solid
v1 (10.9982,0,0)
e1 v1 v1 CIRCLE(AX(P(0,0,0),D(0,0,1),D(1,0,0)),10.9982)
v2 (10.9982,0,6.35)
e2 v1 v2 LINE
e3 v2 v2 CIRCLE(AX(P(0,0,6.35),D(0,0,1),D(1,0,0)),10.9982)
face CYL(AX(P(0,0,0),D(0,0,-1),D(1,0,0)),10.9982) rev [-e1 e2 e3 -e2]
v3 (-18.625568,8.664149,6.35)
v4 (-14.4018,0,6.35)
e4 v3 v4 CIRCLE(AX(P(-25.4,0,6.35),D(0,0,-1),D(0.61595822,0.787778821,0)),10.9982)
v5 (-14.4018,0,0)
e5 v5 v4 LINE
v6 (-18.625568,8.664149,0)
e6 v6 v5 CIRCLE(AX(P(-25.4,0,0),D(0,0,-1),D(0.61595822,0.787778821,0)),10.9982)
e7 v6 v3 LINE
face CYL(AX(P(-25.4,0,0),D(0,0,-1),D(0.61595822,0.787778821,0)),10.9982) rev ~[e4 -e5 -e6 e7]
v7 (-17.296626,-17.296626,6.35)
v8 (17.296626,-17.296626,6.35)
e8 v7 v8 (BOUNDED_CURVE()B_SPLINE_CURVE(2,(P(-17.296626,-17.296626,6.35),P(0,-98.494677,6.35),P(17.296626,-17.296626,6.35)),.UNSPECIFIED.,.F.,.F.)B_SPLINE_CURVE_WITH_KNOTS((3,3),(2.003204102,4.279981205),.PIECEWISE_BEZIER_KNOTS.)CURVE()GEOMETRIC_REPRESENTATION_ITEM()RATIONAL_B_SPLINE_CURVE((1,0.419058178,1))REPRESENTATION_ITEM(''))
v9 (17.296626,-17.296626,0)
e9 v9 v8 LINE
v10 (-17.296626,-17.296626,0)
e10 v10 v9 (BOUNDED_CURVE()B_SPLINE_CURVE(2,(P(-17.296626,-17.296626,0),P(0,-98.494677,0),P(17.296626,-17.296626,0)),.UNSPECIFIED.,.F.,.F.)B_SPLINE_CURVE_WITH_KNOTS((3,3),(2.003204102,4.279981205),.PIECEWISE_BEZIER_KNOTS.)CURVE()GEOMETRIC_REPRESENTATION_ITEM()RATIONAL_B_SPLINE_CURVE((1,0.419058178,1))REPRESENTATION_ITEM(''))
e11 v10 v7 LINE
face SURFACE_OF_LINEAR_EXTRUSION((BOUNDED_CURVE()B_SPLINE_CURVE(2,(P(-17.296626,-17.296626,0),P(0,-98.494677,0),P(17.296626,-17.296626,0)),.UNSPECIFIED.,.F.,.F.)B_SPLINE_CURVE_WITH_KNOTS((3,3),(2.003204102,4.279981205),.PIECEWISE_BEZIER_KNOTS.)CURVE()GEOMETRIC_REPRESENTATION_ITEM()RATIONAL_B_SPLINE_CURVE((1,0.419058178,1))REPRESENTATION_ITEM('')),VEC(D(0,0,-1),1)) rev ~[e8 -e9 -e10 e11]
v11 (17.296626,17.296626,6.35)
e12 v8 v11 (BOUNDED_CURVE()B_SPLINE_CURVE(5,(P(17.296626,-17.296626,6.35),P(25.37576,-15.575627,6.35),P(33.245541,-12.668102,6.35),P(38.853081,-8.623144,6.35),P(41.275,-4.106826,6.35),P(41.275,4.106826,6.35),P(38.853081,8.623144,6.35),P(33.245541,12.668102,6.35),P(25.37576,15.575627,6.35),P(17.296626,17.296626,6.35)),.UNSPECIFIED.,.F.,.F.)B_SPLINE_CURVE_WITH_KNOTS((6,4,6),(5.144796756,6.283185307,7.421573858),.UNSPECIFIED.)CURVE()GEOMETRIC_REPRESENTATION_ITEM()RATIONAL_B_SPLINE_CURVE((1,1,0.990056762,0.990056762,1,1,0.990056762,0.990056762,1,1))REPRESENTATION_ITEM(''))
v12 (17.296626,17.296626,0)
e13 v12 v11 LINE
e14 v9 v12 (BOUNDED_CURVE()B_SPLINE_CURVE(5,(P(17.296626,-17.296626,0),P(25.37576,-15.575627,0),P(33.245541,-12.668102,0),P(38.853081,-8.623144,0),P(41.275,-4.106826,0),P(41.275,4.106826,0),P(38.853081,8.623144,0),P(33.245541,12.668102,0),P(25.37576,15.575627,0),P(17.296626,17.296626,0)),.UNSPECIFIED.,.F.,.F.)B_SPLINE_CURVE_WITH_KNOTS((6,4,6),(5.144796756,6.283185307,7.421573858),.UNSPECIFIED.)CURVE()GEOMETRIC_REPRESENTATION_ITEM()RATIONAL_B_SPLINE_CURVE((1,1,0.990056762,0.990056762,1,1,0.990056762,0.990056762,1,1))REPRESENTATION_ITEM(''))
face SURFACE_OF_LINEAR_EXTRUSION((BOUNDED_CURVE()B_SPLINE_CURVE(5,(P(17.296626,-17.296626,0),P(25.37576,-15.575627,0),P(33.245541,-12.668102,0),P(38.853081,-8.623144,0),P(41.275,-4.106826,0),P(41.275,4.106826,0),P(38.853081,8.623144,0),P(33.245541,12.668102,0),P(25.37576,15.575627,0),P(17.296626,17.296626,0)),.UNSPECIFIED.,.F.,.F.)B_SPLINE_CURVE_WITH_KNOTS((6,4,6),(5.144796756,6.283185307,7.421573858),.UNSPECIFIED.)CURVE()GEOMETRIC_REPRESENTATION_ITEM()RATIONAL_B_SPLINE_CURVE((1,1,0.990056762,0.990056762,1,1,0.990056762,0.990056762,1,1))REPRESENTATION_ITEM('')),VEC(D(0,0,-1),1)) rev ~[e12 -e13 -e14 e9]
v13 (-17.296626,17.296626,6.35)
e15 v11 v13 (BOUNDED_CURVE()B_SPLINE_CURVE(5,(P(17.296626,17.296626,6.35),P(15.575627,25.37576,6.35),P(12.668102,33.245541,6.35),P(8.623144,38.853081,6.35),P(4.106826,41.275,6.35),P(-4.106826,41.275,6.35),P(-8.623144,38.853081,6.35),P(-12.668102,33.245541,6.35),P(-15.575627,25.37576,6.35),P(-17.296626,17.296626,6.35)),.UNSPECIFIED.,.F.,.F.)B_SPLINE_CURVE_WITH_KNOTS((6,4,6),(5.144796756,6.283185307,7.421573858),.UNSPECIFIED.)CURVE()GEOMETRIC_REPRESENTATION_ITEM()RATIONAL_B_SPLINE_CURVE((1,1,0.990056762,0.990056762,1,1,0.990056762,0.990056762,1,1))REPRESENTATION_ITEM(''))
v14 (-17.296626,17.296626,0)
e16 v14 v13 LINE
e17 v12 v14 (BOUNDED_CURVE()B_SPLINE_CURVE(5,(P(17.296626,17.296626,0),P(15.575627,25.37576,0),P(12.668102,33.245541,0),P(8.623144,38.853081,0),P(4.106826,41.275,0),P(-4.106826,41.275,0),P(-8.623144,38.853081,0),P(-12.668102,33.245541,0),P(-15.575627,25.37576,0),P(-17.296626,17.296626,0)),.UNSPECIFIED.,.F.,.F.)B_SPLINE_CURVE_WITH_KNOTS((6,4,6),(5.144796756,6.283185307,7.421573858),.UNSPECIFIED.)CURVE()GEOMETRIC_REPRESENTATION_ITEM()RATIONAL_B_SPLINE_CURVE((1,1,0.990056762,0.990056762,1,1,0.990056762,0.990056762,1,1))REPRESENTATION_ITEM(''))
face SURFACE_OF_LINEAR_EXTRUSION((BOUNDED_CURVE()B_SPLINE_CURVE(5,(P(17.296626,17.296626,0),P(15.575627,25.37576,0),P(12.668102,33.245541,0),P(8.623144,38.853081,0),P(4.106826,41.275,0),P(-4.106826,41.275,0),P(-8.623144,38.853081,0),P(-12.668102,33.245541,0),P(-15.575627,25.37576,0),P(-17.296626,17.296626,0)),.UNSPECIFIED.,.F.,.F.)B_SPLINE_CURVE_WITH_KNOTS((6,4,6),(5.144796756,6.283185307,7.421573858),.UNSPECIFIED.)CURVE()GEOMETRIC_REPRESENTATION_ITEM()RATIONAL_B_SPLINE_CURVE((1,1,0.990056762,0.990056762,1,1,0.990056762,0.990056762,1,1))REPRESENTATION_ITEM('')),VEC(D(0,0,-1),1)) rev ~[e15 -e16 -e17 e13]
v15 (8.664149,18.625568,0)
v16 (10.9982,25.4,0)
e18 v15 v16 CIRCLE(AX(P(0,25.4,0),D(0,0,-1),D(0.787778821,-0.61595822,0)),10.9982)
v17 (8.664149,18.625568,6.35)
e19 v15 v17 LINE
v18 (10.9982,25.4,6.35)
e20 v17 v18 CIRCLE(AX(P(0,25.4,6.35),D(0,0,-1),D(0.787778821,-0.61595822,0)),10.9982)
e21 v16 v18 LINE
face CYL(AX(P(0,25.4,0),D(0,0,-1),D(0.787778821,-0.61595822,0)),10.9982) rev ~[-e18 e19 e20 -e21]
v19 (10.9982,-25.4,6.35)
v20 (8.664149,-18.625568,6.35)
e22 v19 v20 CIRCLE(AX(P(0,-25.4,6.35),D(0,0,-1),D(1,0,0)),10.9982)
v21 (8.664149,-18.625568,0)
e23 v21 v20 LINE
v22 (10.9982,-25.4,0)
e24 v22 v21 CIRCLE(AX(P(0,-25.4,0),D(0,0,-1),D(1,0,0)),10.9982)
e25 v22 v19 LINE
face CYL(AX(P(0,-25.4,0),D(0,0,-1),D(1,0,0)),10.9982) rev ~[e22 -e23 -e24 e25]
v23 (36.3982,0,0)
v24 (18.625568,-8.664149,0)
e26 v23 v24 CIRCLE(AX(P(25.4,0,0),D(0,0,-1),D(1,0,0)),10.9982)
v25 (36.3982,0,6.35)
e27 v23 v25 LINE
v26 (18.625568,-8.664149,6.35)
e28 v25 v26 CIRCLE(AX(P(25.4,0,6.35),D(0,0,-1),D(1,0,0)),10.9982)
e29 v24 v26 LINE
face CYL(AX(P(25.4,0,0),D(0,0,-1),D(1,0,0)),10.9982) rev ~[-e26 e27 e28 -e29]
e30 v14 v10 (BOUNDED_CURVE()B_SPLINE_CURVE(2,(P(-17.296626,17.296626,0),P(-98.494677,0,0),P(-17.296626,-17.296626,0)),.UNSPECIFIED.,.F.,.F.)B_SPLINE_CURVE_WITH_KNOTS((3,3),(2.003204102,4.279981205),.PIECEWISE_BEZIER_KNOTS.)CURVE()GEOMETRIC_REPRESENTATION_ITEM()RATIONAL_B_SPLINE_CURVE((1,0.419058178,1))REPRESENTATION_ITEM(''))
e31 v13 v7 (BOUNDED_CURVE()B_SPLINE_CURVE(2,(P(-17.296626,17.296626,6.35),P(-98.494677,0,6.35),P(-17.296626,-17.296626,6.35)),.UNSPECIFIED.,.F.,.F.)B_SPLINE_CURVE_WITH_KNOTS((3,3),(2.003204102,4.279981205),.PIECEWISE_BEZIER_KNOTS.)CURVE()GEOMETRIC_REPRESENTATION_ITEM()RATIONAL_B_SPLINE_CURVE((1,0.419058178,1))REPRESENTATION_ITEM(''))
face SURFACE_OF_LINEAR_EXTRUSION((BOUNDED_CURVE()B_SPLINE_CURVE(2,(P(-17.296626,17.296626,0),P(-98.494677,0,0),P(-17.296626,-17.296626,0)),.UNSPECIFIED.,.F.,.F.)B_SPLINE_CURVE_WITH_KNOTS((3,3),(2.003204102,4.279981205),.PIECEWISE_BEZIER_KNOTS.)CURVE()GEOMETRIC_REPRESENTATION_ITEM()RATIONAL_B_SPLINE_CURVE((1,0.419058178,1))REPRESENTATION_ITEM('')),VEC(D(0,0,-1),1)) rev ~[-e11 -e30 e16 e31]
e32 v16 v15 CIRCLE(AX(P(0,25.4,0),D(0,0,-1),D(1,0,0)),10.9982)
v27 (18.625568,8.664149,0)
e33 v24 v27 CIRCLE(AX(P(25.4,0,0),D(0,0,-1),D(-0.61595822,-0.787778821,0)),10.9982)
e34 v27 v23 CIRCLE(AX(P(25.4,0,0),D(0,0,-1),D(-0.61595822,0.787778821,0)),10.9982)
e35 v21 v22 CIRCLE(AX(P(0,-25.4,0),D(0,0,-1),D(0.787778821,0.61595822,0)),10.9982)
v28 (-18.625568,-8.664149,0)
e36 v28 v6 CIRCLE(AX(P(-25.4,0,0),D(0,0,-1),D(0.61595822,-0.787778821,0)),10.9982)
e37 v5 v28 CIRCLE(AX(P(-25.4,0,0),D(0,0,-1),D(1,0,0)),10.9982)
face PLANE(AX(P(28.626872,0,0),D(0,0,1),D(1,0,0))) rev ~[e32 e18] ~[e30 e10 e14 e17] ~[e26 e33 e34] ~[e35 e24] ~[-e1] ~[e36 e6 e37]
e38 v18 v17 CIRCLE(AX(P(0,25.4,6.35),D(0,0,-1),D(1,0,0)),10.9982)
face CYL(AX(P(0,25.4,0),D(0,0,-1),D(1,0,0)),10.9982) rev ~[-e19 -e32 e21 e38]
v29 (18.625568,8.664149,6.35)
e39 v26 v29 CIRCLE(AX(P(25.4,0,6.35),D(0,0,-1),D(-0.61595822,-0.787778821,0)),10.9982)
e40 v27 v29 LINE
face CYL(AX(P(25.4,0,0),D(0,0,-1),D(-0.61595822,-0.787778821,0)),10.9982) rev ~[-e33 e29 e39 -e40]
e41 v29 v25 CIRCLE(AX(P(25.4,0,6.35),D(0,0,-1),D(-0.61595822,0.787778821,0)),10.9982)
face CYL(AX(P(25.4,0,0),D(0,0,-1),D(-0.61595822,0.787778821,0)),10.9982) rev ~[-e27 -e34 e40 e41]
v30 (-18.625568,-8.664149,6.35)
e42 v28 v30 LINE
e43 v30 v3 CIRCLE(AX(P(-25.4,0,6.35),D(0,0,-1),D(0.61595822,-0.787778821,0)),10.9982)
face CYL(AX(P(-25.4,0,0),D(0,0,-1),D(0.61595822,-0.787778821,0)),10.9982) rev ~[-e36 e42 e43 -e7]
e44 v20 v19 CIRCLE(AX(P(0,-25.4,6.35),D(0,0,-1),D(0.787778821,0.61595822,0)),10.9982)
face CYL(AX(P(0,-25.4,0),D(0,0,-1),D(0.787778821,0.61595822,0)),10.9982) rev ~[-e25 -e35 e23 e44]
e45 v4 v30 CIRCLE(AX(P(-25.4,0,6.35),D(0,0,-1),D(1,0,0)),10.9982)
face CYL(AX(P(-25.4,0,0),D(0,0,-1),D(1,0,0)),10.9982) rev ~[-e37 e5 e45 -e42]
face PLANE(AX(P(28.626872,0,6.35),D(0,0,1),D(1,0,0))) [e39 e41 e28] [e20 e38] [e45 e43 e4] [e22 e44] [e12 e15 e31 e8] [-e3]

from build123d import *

# Parameters (mm, degrees)
F0_R     = 10.9982
F1_DEPTH = 25.4
F2_DEPTH = 19.05


with BuildPart() as f1:
    # F0 (on Top) → F1 (new body)
    with BuildSketch(Plane.XY):
        with BuildLine():
            add(Edge.make_bspline(
                [(17.2966262747, -17.2966262747), (41.275, -12.1888070196), (41.275, 0)],
                knots=[5.144796756, 5.144796756, 5.144796756, 6.2831853072, 6.2831853072, 6.2831853072], degree=2, weights=[1, 0.8423354965, 1]))
            add(Edge.make_bspline(
                [(41.275, 0), (41.275, 12.1888070196), (17.2966262747, 17.2966262747)],
                knots=[0, 0, 0, 1.1383885512, 1.1383885512, 1.1383885512], degree=2, weights=[1, 0.8423354965, 1]))
            add(Edge.make_bspline(
                [(18.6255683012, 8.6641490291), (18.1820471955, 13.1400669524), (17.2966262747, 17.2966262747)],
                knots=[4.9238747078, 4.9238747078, 4.9238747078, 5.144796756, 5.144796756, 5.144796756], degree=2, weights=[1, 0.9939053819, 1]))
            ThreePointArc((18.6255683012, 8.6641490291), (30.2194319442, 9.8860244272), (36.3982, 0))
            ThreePointArc((36.3982, 0), (30.2194319442, -9.8860244272), (18.6255683012, -8.6641490291))
            add(Edge.make_bspline(
                [(17.2966262747, -17.2966262747), (18.1820471955, -13.1400669524), (18.6255683012, -8.6641490291)],
                knots=[4.2799812048, 4.2799812048, 4.2799812048, 4.5009032529, 4.5009032529, 4.5009032529], degree=2, weights=[1, 0.9939053819, 1]))
        make_face()
        with BuildLine():
            add(Edge.make_bspline(
                [(18.6255683012, 8.6641490291), (18.1820471955, 13.1400669524), (17.2966262747, 17.2966262747)],
                knots=[4.9238747078, 4.9238747078, 4.9238747078, 5.144796756, 5.144796756, 5.144796756], degree=2, weights=[1, 0.9939053819, 1]))
            add(Edge.make_bspline(
                [(17.2966262747, 17.2966262747), (13.1400669524, 18.1820471955), (8.6641490291, 18.6255683012)],
                knots=[1.1383885512, 1.1383885512, 1.1383885512, 1.3593105993, 1.3593105993, 1.3593105993], degree=2, weights=[1, 0.9939053819, 1]))
            ThreePointArc((8.6641490291, 18.6255683012), (0, 14.4018), (-8.6641490291, 18.6255683012))
            add(Edge.make_bspline(
                [(-8.6641490291, 18.6255683012), (-13.1400669524, 18.1820471955), (-17.2966262747, 17.2966262747)],
                knots=[1.7822820542, 1.7822820542, 1.7822820542, 2.0032041024, 2.0032041024, 2.0032041024], degree=2, weights=[1, 0.9939053819, 1]))
            add(Edge.make_bspline(
                [(-17.2966262747, 17.2966262747), (-18.1820471955, 13.1400669524), (-18.6255683012, 8.6641490291)],
                knots=[1.1383885512, 1.1383885512, 1.1383885512, 1.3593105993, 1.3593105993, 1.3593105993], degree=2, weights=[1, 0.9939053819, 1]))
            ThreePointArc((-18.6255683012, 8.6641490291), (-15.5139755728, 4.8194319442), (-14.4018, 0))
            ThreePointArc((-14.4018, 0), (-15.5139755728, -4.8194319442), (-18.6255683012, -8.6641490291))
            add(Edge.make_bspline(
                [(-18.6255683012, -8.6641490291), (-18.1820471955, -13.1400669524), (-17.2966262747, -17.2966262747)],
                knots=[1.7822820542, 1.7822820542, 1.7822820542, 2.0032041024, 2.0032041024, 2.0032041024], degree=2, weights=[1, 0.9939053819, 1]))
            add(Edge.make_bspline(
                [(-17.2966262747, -17.2966262747), (-13.1400669524, -18.1820471955), (-8.6641490291, -18.6255683012)],
                knots=[4.2799812048, 4.2799812048, 4.2799812048, 4.5009032529, 4.5009032529, 4.5009032529], degree=2, weights=[1, 0.9939053819, 1]))
            ThreePointArc((-8.6641490291, -18.6255683012), (0, -14.4018), (8.6641490291, -18.6255683012))
            add(Edge.make_bspline(
                [(8.6641490291, -18.6255683012), (13.1400669524, -18.1820471955), (17.2966262747, -17.2966262747)],
                knots=[4.9238747078, 4.9238747078, 4.9238747078, 5.144796756, 5.144796756, 5.144796756], degree=2, weights=[1, 0.9939053819, 1]))
            add(Edge.make_bspline(
                [(17.2966262747, -17.2966262747), (18.1820471955, -13.1400669524), (18.6255683012, -8.6641490291)],
                knots=[4.2799812048, 4.2799812048, 4.2799812048, 4.5009032529, 4.5009032529, 4.5009032529], degree=2, weights=[1, 0.9939053819, 1]))
            ThreePointArc((18.6255683012, -8.6641490291), (14.4018, 0), (18.6255683012, 8.6641490291))
        make_face()
        Circle(F0_R, mode=Mode.SUBTRACT)
        with BuildLine():
            add(Edge.make_bspline(
                [(17.2966262747, 17.2966262747), (13.1400669524, 18.1820471955), (8.6641490291, 18.6255683012)],
                knots=[1.1383885512, 1.1383885512, 1.1383885512, 1.3593105993, 1.3593105993, 1.3593105993], degree=2, weights=[1, 0.9939053819, 1]))
            add(Edge.make_bspline(
                [(17.2966262747, 17.2966262747), (12.1888070196, 41.275), (0, 41.275)],
                knots=[5.144796756, 5.144796756, 5.144796756, 6.2831853072, 6.2831853072, 6.2831853072], degree=2, weights=[1, 0.8423354965, 1]))
            add(Edge.make_bspline(
                [(0, 41.275), (-12.1888070196, 41.275), (-17.2966262747, 17.2966262747)],
                knots=[0, 0, 0, 1.1383885512, 1.1383885512, 1.1383885512], degree=2, weights=[1, 0.8423354965, 1]))
            add(Edge.make_bspline(
                [(-8.6641490291, 18.6255683012), (-13.1400669524, 18.1820471955), (-17.2966262747, 17.2966262747)],
                knots=[1.7822820542, 1.7822820542, 1.7822820542, 2.0032041024, 2.0032041024, 2.0032041024], degree=2, weights=[1, 0.9939053819, 1]))
            ThreePointArc((-8.6641490291, 18.6255683012), (-3.5826219022, 35.7983279207), (10.9982, 25.4))
            ThreePointArc((10.9982, 25.4), (10.3983279207, 21.8173780978), (8.6641490291, 18.6255683012))
        make_face()
        with BuildLine():
            add(Edge.make_bspline(
                [(-17.2966262747, -17.2966262747), (0, -98.4946773978), (17.2966262747, -17.2966262747)],
                knots=[2.0032041024, 2.0032041024, 2.0032041024, 4.2799812048, 4.2799812048, 4.2799812048], degree=2, weights=[1, 0.4190581775, 1]))
            add(Edge.make_bspline(
                [(8.6641490291, -18.6255683012), (13.1400669524, -18.1820471955), (17.2966262747, -17.2966262747)],
                knots=[4.9238747078, 4.9238747078, 4.9238747078, 5.144796756, 5.144796756, 5.144796756], degree=2, weights=[1, 0.9939053819, 1]))
            ThreePointArc((8.6641490291, -18.6255683012), (10.3983279207, -21.8173780978), (10.9982, -25.4))
            ThreePointArc((10.9982, -25.4), (-3.5826219022, -35.7983279207), (-8.6641490291, -18.6255683012))
            add(Edge.make_bspline(
                [(-17.2966262747, -17.2966262747), (-13.1400669524, -18.1820471955), (-8.6641490291, -18.6255683012)],
                knots=[4.2799812048, 4.2799812048, 4.2799812048, 4.5009032529, 4.5009032529, 4.5009032529], degree=2, weights=[1, 0.9939053819, 1]))
        make_face()
        with BuildLine():
            add(Edge.make_bspline(
                [(-17.2966262747, 17.2966262747), (-98.4946773978, 0), (-17.2966262747, -17.2966262747)],
                knots=[2.0032041024, 2.0032041024, 2.0032041024, 4.2799812048, 4.2799812048, 4.2799812048], degree=2, weights=[1, 0.4190581775, 1]))
            add(Edge.make_bspline(
                [(-18.6255683012, -8.6641490291), (-18.1820471955, -13.1400669524), (-17.2966262747, -17.2966262747)],
                knots=[1.7822820542, 1.7822820542, 1.7822820542, 2.0032041024, 2.0032041024, 2.0032041024], degree=2, weights=[1, 0.9939053819, 1]))
            ThreePointArc((-18.6255683012, -8.6641490291), (-36.3982, 0), (-18.6255683012, 8.6641490291))
            add(Edge.make_bspline(
                [(-17.2966262747, 17.2966262747), (-18.1820471955, 13.1400669524), (-18.6255683012, 8.6641490291)],
                knots=[1.1383885512, 1.1383885512, 1.1383885512, 1.3593105993, 1.3593105993, 1.3593105993], degree=2, weights=[1, 0.9939053819, 1]))
        make_face()
    extrude(amount=F1_DEPTH)

    # F2 (cut): a face of the model
    f2_faces = [f1.faces().sort_by_distance(p)[0] for p in [
        (9.5838282566, 32.8935218357, 25.4),
    ]]
    extrude(f2_faces, amount=-F2_DEPTH, mode=Mode.SUBTRACT)


solid = f1.part
